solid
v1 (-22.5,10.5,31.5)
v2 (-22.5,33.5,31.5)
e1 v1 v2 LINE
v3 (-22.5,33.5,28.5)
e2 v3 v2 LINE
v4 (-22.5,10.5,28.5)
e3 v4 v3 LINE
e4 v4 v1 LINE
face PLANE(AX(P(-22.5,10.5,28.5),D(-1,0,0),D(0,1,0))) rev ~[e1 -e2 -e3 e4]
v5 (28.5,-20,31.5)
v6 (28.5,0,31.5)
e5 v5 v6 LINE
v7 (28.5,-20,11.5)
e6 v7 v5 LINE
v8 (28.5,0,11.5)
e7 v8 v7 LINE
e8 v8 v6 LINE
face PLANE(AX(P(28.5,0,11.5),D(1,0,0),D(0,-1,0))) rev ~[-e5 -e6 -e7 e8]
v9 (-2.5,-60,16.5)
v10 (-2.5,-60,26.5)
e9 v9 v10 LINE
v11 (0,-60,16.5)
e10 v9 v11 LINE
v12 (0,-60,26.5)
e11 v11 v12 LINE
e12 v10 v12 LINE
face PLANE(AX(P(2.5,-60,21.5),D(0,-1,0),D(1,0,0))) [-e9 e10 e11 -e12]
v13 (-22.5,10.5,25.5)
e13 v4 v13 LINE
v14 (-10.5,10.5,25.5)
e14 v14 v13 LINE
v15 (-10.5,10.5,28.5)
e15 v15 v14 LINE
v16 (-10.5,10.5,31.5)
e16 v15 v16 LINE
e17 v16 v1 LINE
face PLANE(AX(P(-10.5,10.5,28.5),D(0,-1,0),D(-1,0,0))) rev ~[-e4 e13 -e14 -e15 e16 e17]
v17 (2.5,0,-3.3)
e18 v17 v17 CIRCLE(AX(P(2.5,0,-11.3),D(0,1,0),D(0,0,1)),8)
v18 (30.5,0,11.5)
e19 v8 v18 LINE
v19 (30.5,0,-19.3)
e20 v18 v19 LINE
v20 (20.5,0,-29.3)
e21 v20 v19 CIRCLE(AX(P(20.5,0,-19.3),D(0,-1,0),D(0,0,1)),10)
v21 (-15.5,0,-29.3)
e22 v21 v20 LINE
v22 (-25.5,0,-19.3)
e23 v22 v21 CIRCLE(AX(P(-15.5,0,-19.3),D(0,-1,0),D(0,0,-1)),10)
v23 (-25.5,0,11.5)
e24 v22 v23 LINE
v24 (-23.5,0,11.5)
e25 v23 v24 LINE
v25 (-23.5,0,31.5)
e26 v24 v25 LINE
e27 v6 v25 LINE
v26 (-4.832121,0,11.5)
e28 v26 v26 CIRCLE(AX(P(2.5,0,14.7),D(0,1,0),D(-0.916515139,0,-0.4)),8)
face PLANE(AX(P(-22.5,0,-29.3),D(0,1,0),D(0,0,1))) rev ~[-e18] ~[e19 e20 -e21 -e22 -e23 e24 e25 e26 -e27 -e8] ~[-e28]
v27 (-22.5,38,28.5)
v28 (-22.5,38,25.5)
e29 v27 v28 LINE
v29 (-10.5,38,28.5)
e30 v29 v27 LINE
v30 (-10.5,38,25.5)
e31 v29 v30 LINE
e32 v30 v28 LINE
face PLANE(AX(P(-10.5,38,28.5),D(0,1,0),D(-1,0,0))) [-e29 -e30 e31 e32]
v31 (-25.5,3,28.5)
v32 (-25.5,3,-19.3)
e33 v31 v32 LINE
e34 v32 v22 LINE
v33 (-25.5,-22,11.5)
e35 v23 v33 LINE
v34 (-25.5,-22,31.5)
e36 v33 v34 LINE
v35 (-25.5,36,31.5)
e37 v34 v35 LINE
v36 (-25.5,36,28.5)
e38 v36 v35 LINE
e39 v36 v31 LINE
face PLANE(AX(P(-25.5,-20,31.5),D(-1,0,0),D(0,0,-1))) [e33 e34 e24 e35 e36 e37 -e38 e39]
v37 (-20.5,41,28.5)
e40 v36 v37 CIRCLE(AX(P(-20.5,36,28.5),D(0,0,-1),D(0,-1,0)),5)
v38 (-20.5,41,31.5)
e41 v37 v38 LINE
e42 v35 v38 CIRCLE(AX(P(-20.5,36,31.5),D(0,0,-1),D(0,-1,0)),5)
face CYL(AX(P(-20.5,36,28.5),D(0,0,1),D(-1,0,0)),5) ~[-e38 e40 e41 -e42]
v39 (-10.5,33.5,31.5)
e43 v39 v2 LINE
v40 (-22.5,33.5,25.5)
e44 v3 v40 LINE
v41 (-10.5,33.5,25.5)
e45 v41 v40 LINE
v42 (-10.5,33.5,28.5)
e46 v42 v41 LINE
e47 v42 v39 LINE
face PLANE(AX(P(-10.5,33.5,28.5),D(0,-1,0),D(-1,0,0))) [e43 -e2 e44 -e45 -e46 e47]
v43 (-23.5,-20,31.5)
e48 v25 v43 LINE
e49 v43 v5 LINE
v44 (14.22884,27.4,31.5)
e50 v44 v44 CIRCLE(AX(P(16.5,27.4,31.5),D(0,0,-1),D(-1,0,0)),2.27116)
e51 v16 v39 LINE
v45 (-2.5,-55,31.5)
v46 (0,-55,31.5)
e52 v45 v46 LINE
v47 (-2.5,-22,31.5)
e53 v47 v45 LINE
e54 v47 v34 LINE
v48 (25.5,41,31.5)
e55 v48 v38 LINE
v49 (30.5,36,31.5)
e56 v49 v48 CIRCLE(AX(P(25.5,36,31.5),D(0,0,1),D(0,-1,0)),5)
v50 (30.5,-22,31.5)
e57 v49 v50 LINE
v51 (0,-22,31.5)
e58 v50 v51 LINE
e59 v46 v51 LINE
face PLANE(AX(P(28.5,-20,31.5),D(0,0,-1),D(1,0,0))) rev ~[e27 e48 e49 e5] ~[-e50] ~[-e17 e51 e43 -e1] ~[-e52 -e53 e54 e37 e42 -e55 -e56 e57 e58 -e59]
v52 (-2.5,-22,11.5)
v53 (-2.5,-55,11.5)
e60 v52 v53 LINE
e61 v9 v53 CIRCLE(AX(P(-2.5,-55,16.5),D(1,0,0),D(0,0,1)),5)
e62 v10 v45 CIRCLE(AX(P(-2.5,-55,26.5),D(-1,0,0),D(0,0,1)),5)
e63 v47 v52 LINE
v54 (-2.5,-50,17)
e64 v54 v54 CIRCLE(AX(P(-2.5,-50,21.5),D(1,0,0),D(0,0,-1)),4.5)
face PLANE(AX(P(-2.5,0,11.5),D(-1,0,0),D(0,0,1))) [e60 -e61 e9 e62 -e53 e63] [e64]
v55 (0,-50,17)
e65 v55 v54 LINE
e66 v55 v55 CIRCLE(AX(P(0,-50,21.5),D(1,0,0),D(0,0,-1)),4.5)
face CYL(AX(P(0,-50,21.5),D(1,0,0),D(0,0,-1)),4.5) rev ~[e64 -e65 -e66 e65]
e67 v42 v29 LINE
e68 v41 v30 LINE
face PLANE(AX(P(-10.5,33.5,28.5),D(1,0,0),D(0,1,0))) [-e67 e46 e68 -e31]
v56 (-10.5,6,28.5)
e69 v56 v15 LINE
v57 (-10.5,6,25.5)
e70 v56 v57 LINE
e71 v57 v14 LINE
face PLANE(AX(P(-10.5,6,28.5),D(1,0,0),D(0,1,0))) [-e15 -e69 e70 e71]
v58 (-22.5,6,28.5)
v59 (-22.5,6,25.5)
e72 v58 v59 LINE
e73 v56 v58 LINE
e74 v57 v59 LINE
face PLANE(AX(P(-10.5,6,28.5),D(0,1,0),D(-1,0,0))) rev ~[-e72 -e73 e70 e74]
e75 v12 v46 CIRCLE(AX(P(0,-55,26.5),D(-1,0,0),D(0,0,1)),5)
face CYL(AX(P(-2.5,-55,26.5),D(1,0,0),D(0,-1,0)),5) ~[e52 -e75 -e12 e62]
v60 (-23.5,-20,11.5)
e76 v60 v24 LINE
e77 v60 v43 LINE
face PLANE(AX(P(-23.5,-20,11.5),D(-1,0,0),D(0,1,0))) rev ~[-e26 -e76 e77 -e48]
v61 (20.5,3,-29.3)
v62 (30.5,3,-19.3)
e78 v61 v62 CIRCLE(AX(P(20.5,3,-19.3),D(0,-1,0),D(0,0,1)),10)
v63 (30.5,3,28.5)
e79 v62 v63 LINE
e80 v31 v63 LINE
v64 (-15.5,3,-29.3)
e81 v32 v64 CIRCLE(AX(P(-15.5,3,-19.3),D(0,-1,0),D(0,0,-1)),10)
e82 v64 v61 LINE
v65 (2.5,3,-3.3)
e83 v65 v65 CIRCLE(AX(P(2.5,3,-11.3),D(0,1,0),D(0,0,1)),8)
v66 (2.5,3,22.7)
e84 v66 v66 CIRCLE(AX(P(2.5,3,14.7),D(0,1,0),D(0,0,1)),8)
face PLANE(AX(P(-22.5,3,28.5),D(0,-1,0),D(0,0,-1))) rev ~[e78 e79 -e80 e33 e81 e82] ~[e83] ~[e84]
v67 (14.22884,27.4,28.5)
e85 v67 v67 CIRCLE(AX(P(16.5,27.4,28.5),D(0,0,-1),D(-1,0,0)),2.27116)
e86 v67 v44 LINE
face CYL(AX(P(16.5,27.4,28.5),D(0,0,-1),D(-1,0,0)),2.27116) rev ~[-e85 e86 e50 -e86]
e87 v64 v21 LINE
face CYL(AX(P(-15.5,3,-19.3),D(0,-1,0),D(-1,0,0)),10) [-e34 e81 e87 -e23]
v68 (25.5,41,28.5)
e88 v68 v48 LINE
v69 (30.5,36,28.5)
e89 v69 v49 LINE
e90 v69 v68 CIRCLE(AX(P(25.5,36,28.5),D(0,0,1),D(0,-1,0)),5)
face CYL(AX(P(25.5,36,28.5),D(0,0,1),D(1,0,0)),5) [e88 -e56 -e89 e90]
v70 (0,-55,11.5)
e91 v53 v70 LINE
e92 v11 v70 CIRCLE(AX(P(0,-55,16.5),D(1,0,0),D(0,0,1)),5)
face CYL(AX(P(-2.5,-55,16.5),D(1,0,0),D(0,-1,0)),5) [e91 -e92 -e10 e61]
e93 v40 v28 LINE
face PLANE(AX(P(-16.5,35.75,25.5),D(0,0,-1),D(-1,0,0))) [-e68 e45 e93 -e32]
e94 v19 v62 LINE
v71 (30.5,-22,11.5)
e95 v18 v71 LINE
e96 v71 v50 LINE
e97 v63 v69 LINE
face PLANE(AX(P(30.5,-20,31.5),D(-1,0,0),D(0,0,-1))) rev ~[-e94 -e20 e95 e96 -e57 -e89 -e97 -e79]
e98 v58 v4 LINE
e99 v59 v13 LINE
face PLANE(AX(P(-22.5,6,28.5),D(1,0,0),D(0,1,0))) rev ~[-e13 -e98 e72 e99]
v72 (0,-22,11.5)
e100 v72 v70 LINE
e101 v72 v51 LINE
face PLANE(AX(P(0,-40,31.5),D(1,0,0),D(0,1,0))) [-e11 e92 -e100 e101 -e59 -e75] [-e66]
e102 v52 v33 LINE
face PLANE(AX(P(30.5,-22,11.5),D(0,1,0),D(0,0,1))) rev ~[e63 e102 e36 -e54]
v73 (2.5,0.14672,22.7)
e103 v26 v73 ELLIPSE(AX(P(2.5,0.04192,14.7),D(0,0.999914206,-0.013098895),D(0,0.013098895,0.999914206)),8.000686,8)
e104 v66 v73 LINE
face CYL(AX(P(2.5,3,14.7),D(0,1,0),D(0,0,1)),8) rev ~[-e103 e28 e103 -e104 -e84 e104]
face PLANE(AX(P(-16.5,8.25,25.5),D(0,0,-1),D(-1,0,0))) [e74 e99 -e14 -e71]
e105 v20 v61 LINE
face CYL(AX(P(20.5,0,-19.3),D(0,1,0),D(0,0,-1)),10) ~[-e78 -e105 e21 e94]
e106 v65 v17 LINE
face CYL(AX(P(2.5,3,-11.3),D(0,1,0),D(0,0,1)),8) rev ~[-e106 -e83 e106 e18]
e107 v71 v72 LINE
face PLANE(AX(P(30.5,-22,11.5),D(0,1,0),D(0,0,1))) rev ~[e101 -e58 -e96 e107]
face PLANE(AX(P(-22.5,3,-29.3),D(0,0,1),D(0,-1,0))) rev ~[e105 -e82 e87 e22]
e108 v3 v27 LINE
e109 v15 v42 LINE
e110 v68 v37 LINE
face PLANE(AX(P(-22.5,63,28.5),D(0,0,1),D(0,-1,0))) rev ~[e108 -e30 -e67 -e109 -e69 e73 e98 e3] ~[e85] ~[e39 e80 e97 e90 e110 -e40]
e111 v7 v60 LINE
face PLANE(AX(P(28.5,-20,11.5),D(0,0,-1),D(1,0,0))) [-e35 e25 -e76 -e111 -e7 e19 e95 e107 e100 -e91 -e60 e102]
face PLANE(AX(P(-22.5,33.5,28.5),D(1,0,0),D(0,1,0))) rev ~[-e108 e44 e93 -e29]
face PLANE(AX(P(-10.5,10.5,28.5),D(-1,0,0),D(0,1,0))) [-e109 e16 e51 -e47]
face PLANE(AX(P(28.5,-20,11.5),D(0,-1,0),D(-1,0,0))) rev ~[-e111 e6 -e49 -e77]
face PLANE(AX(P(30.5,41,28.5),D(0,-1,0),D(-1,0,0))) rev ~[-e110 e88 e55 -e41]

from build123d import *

# Parameters (mm, degrees)
SKETCH1_W                = 50
SKETCH1_H                = 57.8
BOSS_EXTRUDE1_DEPTH      = 3
SKETCH1_3_W              = 50
SKETCH1_3_H              = 3
BOSS_EXTRUDE2_DEPTH      = 63
SKETCH7_W                = 10
SKETCH7_H                = 20
BOSS_EXTRUDE6_DEPTH      = 60
SKETCH8_W                = 7.5
SKETCH8_H                = 20
CUT_EXTRUDE4_DEPTH       = 60
SKETCH10_R               = 4.5
CUT_EXTRUDE5_DEPTH       = 60
FILLET1_R                = 5
FILLET2_R                = 5
CUT_EXTRUDE6_REACH       = 93.771
FILLET4_R                = 5
BOSS_EXTRUDE7_DEPTH      = 3
BOSS_EXTRUDE8_DEPTH      = 3
SKETCH15_R               = 8
CUT_EXTRUDE7_DEPTH       = 3
CUT_EXTRUDE8_DEPTH       = 40
BOSS_EXTRUDE9_DEPTH      = 23
BOSS_EXTRUDE9_DEPTH_BACK = 33
SKETCH17_W               = 20
SKETCH17_H               = 2
BOSS_EXTRUDE25_REACH     = 95.87
SKETCH19_W               = 54
SKETCH19_H               = 20
SKETCH19_W_2             = 2
CUT_EXTRUDE9_REACH       = 83.018
CUT_EXTRUDE10_REACH      = 78.756
SKETCH27_R               = 8
SKETCH28_W               = 12
SKETCH28_H               = 4.5
BOSS_EXTRUDE26_DEPTH     = 3
SKETCH28_3_W             = 12
SKETCH28_3_H             = 23
CUT_EXTRUDE11_DEPTH      = 3
SKETCH29_W               = 56
SKETCH29_H               = 22
CUT_EXTRUDE12_DEPTH      = 3
FILLET5_R                = 5
FILLET6_R                = 10
CUT_EXTRUDE13_REACH      = 90.719
SKETCH30_R               = 2.271159968


with BuildPart() as part:
    # Sketch1 → Boss-Extrude1 (new body)
    with BuildSketch(Plane(origin=(0, 0, 0), x_dir=(1, 0, 0), z_dir=(0, 1, 0))):
        with Locations((2.5, 0.4)):
            Rectangle(SKETCH1_W, SKETCH1_H)
    extrude(amount=BOSS_EXTRUDE1_DEPTH)

    # Sketch1<3> → Boss-Extrude2 (add)
    with BuildSketch(Plane(origin=(0, 0, 0), x_dir=(1, 0, 0), z_dir=(0, 1, 0))):
        with Locations((2.5, -30)):
            Rectangle(SKETCH1_3_W, SKETCH1_3_H)
    extrude(amount=BOSS_EXTRUDE2_DEPTH)

    # Sketch7 → Boss-Extrude6 (add)
    with BuildSketch(Plane.XZ):
        with Locations((2.5, 21.5)):
            Rectangle(SKETCH7_W, SKETCH7_H)
    extrude(amount=BOSS_EXTRUDE6_DEPTH)

    # Sketch8 → Cut-Extrude4 (cut)
    with BuildSketch(Plane(origin=(0, 0, 11.5), x_dir=(-1, 0, 0), z_dir=(0, 0, -1))):
        with Locations((-3.75, -50)):
            Rectangle(SKETCH8_W, SKETCH8_H)
    extrude(amount=-CUT_EXTRUDE4_DEPTH, mode=Mode.SUBTRACT)

    # Sketch10 → Cut-Extrude5 (cut)
    with BuildSketch(Plane(origin=(0, 0, 0), x_dir=(0, 0, -1), z_dir=(1, 0, 0))):
        with Locations((-21.5, -50)):
            Circle(SKETCH10_R)
    extrude(amount=-CUT_EXTRUDE5_DEPTH, mode=Mode.SUBTRACT)

    # Fillet1
    fillet1_edges = [part.edges().sort_by_distance(p)[0] for p in [
        (7.5, -20, 11.5),
    ]]
    fillet(fillet1_edges, radius=FILLET1_R)

    # Fillet2
    fillet2_edges = [part.edges().sort_by_distance(p)[0] for p in [
        (7.5, -20, 31.5),
    ]]
    fillet(fillet2_edges, radius=FILLET2_R)

    # Sketch11 → Cut-Extrude6 (cut, up to next)
    with BuildSketch(Plane.XY.offset(31.5), mode=Mode.PRIVATE) as cut_extrude6_sk1:
        with BuildLine():
            Line((7.5, -40), (0, -40))
            Line((0, -40), (0, -20))
            ThreePointArc((0, -20), (2.621852946, -15.723111223), (7.5, -14.552824164))
            Line((7.5, -14.552824164), (7.5, -40))
        make_face()
    cut_extrude6_tool1 = extrude(cut_extrude6_sk1.sketch, amount=-CUT_EXTRUDE6_REACH, mode=Mode.PRIVATE) & part.part
    add(cut_extrude6_tool1.solids().sort_by_distance((3.859065, -27.782641, 31.5))[0], mode=Mode.SUBTRACT)

    # Fillet4
    fillet4_edges = [part.edges().sort_by_distance(p)[0] for p in [
        (-1.25, -60, 11.5),
        (-1.25, -60, 31.5),
    ]]
    fillet(fillet4_edges, radius=FILLET4_R)

    # Sketch13 → Boss-Extrude7 (add)
    with BuildSketch(Plane(origin=(27.5, 0, 0), x_dir=(0, 0, -1), z_dir=(1, 0, 0))):
        Polygon((-31.5, 0), (29.3, 0), (29.3, 3), (-28.5, 3), (-28.5, 63), (-31.5, 63), align=None)
    extrude(amount=BOSS_EXTRUDE7_DEPTH)

    # Sketch14 → Boss-Extrude8 (add)
    with BuildSketch(Plane.ZY.offset(22.5)):
        Polygon((-29.3, 0), (31.5, 0), (31.5, 63), (28.5, 63), (28.5, 3), (-29.3, 3), align=None)
    extrude(amount=BOSS_EXTRUDE8_DEPTH)

    # Sketch15 → Cut-Extrude7 (cut)
    with BuildSketch(Plane(origin=(0, 3, 0), x_dir=(1, 0, 0), z_dir=(0, 1, 0))):
        with Locations(Location((2.5, 11.3, 0), (0, 0, 270))):
            Circle(SKETCH15_R)
        with Locations(Location((2.5, -14.7, 0), (0, 0, 270))):
            Circle(SKETCH15_R)
    extrude(amount=-CUT_EXTRUDE7_DEPTH, mode=Mode.SUBTRACT)

    # Sketch16 → Cut-Extrude8 (cut, symmetric)
    with BuildSketch(Plane(origin=(0, 0, 0), x_dir=(0, 0, -1), z_dir=(1, 0, 0))):
        Polygon((-31.5, -20), (-11.5, -20), (-11.5, 0), (-31.5, 0.262000387), align=None)
    extrude(amount=CUT_EXTRUDE8_DEPTH, both=True, mode=Mode.SUBTRACT)


with BuildPart() as cut_extrude8_piece_1:
    # of the separate pieces the step leaves, piece 1, a body of its own (cut_extrude8_pieces)
    add(part.part.solids().sort_by_distance((30.5, 63, 31.5))[0])



with BuildPart() as cut_extrude8_piece_2:
    # of the separate pieces the step leaves, piece 2, a body of its own (cut_extrude8_pieces)
    add(part.part.solids().sort_by_distance((0, -55, 31.5))[0])

    # Sketch17 → Boss-Extrude9 (add, two sides: drawn at the far end of the back side and taken through both)
    with BuildSketch(Plane.ZY.offset(2.5).offset(-BOSS_EXTRUDE9_DEPTH_BACK)):
        with Locations((21.5, -21)):
            Rectangle(SKETCH17_W, SKETCH17_H)
    extrude(amount=BOSS_EXTRUDE9_DEPTH + BOSS_EXTRUDE9_DEPTH_BACK)


with BuildPart() as cut_extrude8_piece_1_1:
    add(cut_extrude8_piece_1.part)

    add(cut_extrude8_piece_2.part)  # Boss-Extrude25 merges Cut-Extrude8 piece 2
    # Boss-Extrude25: up to this plane
    boss_extrude25_end = Plane(origin=(-40, 0, 11.5), z_dir=(0, 0.9999142057885084, -0.013098895462462855))
    # Sketch19 → Boss-Extrude25 (add, up to the surface)
    with BuildSketch(Plane(origin=(0, -20, 0), x_dir=(1, 0, 0), z_dir=(0, 1, 0)), mode=Mode.PRIVATE) as boss_extrude25_sk1:
        with Locations((1.5, -21.5)):
            Rectangle(SKETCH19_W, SKETCH19_H)
    boss_extrude25_tool1 = split(extrude(boss_extrude25_sk1.sketch, amount=BOSS_EXTRUDE25_REACH, mode=Mode.PRIVATE), bisect_by=boss_extrude25_end, keep=Keep.BOTH, mode=Mode.PRIVATE)
    add(boss_extrude25_tool1.solids().sort_by_distance((1.5, -20, 21.5))[0])
    # Sketch19 → Boss-Extrude25 (add, up to the surface)
    with BuildSketch(Plane(origin=(0, -20, 0), x_dir=(1, 0, 0), z_dir=(0, 1, 0)), mode=Mode.PRIVATE) as boss_extrude25_sk2:
        with Locations((29.5, -21.5)):
            Rectangle(SKETCH19_W_2, SKETCH19_H)
    boss_extrude25_tool2 = split(extrude(boss_extrude25_sk2.sketch, amount=BOSS_EXTRUDE25_REACH, mode=Mode.PRIVATE), bisect_by=boss_extrude25_end, keep=Keep.BOTH, mode=Mode.PRIVATE)
    add(boss_extrude25_tool2.solids().sort_by_distance((29.5, -20, 21.5))[0])

    # Sketch25 → Cut-Extrude9 (cut, up to next)
    with BuildSketch(Plane(origin=(0, 0, 11.5), x_dir=(-1, 0, 0), z_dir=(0, 0, -1)), mode=Mode.PRIVATE) as cut_extrude9_sk1:
        Polygon((-9.832121112, 0), (-28.5, 0), (-28.5, -20), (23.5, -20), (23.5, 0), (4.832121112, 0), align=None)
    cut_extrude9_tool1 = extrude(cut_extrude9_sk1.sketch, amount=-CUT_EXTRUDE9_REACH, mode=Mode.PRIVATE) & cut_extrude8_piece_1_1.part
    add(cut_extrude9_tool1.solids().sort_by_distance((2.5, -10, 11.5))[0], mode=Mode.SUBTRACT)

    # Sketch27 → Cut-Extrude10 (cut, up to next)
    with BuildSketch(Plane.XZ, mode=Mode.PRIVATE) as cut_extrude10_sk1:
        with Locations(Location((2.5, 14.7, 0), (0, 0, 90))):
            Circle(SKETCH27_R)
    cut_extrude10_tool1 = extrude(cut_extrude10_sk1.sketch, amount=-CUT_EXTRUDE10_REACH, mode=Mode.PRIVATE) & cut_extrude8_piece_1_1.part
    add(cut_extrude10_tool1.solids().sort_by_distance((2.5, 0, 14.7))[0], mode=Mode.SUBTRACT)

    # Sketch28 → Boss-Extrude26 (add)
    with BuildSketch(Plane(origin=(0, 0, 28.5), x_dir=(-1, 0, 0), z_dir=(0, 0, -1))):
        with Locations((16.5, 35.75)):
            Rectangle(SKETCH28_W, SKETCH28_H)
        with Locations((16.5, 8.25)):
            Rectangle(SKETCH28_W, SKETCH28_H)
    extrude(amount=BOSS_EXTRUDE26_DEPTH)

    # Sketch28<3> → Cut-Extrude11 (cut)
    with BuildSketch(Plane(origin=(0, 0, 28.5), x_dir=(-1, 0, 0), z_dir=(0, 0, -1))):
        with Locations((16.5, 22)):
            Rectangle(SKETCH28_3_W, SKETCH28_3_H)
    extrude(amount=-CUT_EXTRUDE11_DEPTH, mode=Mode.SUBTRACT)

    # Sketch29 → Cut-Extrude12 (cut)
    with BuildSketch(Plane(origin=(0, 0, 28.5), x_dir=(-1, 0, 0), z_dir=(0, 0, -1))):
        with Locations((-2.5, 52)):
            Rectangle(SKETCH29_W, SKETCH29_H)
    extrude(amount=-CUT_EXTRUDE12_DEPTH, mode=Mode.SUBTRACT)

    # Fillet5
    fillet5_edges = [cut_extrude8_piece_1_1.edges().sort_by_distance(p)[0] for p in [
        (-25.5, 41, 30),
        (30.5, 41, 30),
    ]]
    fillet(fillet5_edges, radius=FILLET5_R)

    # Fillet6
    fillet6_edges = [cut_extrude8_piece_1_1.edges().sort_by_distance(p)[0] for p in [
        (30.5, 1.5, -29.3),
        (-25.5, 1.5, -29.3),
    ]]
    fillet(fillet6_edges, radius=FILLET6_R)

    # Sketch30 → Cut-Extrude13 (cut, up to next)
    with BuildSketch(Plane(origin=(0, 0, 28.5), x_dir=(-1, 0, 0), z_dir=(0, 0, -1)), mode=Mode.PRIVATE) as cut_extrude13_sk1:
        with Locations((-16.5, 27.4)):
            Circle(SKETCH30_R)
    cut_extrude13_tool1 = extrude(cut_extrude13_sk1.sketch, amount=-CUT_EXTRUDE13_REACH, mode=Mode.PRIVATE) & cut_extrude8_piece_1_1.part
    add(cut_extrude13_tool1.solids().sort_by_distance((16.5, 27.4, 28.5))[0], mode=Mode.SUBTRACT)


solid = cut_extrude8_piece_1_1.part
